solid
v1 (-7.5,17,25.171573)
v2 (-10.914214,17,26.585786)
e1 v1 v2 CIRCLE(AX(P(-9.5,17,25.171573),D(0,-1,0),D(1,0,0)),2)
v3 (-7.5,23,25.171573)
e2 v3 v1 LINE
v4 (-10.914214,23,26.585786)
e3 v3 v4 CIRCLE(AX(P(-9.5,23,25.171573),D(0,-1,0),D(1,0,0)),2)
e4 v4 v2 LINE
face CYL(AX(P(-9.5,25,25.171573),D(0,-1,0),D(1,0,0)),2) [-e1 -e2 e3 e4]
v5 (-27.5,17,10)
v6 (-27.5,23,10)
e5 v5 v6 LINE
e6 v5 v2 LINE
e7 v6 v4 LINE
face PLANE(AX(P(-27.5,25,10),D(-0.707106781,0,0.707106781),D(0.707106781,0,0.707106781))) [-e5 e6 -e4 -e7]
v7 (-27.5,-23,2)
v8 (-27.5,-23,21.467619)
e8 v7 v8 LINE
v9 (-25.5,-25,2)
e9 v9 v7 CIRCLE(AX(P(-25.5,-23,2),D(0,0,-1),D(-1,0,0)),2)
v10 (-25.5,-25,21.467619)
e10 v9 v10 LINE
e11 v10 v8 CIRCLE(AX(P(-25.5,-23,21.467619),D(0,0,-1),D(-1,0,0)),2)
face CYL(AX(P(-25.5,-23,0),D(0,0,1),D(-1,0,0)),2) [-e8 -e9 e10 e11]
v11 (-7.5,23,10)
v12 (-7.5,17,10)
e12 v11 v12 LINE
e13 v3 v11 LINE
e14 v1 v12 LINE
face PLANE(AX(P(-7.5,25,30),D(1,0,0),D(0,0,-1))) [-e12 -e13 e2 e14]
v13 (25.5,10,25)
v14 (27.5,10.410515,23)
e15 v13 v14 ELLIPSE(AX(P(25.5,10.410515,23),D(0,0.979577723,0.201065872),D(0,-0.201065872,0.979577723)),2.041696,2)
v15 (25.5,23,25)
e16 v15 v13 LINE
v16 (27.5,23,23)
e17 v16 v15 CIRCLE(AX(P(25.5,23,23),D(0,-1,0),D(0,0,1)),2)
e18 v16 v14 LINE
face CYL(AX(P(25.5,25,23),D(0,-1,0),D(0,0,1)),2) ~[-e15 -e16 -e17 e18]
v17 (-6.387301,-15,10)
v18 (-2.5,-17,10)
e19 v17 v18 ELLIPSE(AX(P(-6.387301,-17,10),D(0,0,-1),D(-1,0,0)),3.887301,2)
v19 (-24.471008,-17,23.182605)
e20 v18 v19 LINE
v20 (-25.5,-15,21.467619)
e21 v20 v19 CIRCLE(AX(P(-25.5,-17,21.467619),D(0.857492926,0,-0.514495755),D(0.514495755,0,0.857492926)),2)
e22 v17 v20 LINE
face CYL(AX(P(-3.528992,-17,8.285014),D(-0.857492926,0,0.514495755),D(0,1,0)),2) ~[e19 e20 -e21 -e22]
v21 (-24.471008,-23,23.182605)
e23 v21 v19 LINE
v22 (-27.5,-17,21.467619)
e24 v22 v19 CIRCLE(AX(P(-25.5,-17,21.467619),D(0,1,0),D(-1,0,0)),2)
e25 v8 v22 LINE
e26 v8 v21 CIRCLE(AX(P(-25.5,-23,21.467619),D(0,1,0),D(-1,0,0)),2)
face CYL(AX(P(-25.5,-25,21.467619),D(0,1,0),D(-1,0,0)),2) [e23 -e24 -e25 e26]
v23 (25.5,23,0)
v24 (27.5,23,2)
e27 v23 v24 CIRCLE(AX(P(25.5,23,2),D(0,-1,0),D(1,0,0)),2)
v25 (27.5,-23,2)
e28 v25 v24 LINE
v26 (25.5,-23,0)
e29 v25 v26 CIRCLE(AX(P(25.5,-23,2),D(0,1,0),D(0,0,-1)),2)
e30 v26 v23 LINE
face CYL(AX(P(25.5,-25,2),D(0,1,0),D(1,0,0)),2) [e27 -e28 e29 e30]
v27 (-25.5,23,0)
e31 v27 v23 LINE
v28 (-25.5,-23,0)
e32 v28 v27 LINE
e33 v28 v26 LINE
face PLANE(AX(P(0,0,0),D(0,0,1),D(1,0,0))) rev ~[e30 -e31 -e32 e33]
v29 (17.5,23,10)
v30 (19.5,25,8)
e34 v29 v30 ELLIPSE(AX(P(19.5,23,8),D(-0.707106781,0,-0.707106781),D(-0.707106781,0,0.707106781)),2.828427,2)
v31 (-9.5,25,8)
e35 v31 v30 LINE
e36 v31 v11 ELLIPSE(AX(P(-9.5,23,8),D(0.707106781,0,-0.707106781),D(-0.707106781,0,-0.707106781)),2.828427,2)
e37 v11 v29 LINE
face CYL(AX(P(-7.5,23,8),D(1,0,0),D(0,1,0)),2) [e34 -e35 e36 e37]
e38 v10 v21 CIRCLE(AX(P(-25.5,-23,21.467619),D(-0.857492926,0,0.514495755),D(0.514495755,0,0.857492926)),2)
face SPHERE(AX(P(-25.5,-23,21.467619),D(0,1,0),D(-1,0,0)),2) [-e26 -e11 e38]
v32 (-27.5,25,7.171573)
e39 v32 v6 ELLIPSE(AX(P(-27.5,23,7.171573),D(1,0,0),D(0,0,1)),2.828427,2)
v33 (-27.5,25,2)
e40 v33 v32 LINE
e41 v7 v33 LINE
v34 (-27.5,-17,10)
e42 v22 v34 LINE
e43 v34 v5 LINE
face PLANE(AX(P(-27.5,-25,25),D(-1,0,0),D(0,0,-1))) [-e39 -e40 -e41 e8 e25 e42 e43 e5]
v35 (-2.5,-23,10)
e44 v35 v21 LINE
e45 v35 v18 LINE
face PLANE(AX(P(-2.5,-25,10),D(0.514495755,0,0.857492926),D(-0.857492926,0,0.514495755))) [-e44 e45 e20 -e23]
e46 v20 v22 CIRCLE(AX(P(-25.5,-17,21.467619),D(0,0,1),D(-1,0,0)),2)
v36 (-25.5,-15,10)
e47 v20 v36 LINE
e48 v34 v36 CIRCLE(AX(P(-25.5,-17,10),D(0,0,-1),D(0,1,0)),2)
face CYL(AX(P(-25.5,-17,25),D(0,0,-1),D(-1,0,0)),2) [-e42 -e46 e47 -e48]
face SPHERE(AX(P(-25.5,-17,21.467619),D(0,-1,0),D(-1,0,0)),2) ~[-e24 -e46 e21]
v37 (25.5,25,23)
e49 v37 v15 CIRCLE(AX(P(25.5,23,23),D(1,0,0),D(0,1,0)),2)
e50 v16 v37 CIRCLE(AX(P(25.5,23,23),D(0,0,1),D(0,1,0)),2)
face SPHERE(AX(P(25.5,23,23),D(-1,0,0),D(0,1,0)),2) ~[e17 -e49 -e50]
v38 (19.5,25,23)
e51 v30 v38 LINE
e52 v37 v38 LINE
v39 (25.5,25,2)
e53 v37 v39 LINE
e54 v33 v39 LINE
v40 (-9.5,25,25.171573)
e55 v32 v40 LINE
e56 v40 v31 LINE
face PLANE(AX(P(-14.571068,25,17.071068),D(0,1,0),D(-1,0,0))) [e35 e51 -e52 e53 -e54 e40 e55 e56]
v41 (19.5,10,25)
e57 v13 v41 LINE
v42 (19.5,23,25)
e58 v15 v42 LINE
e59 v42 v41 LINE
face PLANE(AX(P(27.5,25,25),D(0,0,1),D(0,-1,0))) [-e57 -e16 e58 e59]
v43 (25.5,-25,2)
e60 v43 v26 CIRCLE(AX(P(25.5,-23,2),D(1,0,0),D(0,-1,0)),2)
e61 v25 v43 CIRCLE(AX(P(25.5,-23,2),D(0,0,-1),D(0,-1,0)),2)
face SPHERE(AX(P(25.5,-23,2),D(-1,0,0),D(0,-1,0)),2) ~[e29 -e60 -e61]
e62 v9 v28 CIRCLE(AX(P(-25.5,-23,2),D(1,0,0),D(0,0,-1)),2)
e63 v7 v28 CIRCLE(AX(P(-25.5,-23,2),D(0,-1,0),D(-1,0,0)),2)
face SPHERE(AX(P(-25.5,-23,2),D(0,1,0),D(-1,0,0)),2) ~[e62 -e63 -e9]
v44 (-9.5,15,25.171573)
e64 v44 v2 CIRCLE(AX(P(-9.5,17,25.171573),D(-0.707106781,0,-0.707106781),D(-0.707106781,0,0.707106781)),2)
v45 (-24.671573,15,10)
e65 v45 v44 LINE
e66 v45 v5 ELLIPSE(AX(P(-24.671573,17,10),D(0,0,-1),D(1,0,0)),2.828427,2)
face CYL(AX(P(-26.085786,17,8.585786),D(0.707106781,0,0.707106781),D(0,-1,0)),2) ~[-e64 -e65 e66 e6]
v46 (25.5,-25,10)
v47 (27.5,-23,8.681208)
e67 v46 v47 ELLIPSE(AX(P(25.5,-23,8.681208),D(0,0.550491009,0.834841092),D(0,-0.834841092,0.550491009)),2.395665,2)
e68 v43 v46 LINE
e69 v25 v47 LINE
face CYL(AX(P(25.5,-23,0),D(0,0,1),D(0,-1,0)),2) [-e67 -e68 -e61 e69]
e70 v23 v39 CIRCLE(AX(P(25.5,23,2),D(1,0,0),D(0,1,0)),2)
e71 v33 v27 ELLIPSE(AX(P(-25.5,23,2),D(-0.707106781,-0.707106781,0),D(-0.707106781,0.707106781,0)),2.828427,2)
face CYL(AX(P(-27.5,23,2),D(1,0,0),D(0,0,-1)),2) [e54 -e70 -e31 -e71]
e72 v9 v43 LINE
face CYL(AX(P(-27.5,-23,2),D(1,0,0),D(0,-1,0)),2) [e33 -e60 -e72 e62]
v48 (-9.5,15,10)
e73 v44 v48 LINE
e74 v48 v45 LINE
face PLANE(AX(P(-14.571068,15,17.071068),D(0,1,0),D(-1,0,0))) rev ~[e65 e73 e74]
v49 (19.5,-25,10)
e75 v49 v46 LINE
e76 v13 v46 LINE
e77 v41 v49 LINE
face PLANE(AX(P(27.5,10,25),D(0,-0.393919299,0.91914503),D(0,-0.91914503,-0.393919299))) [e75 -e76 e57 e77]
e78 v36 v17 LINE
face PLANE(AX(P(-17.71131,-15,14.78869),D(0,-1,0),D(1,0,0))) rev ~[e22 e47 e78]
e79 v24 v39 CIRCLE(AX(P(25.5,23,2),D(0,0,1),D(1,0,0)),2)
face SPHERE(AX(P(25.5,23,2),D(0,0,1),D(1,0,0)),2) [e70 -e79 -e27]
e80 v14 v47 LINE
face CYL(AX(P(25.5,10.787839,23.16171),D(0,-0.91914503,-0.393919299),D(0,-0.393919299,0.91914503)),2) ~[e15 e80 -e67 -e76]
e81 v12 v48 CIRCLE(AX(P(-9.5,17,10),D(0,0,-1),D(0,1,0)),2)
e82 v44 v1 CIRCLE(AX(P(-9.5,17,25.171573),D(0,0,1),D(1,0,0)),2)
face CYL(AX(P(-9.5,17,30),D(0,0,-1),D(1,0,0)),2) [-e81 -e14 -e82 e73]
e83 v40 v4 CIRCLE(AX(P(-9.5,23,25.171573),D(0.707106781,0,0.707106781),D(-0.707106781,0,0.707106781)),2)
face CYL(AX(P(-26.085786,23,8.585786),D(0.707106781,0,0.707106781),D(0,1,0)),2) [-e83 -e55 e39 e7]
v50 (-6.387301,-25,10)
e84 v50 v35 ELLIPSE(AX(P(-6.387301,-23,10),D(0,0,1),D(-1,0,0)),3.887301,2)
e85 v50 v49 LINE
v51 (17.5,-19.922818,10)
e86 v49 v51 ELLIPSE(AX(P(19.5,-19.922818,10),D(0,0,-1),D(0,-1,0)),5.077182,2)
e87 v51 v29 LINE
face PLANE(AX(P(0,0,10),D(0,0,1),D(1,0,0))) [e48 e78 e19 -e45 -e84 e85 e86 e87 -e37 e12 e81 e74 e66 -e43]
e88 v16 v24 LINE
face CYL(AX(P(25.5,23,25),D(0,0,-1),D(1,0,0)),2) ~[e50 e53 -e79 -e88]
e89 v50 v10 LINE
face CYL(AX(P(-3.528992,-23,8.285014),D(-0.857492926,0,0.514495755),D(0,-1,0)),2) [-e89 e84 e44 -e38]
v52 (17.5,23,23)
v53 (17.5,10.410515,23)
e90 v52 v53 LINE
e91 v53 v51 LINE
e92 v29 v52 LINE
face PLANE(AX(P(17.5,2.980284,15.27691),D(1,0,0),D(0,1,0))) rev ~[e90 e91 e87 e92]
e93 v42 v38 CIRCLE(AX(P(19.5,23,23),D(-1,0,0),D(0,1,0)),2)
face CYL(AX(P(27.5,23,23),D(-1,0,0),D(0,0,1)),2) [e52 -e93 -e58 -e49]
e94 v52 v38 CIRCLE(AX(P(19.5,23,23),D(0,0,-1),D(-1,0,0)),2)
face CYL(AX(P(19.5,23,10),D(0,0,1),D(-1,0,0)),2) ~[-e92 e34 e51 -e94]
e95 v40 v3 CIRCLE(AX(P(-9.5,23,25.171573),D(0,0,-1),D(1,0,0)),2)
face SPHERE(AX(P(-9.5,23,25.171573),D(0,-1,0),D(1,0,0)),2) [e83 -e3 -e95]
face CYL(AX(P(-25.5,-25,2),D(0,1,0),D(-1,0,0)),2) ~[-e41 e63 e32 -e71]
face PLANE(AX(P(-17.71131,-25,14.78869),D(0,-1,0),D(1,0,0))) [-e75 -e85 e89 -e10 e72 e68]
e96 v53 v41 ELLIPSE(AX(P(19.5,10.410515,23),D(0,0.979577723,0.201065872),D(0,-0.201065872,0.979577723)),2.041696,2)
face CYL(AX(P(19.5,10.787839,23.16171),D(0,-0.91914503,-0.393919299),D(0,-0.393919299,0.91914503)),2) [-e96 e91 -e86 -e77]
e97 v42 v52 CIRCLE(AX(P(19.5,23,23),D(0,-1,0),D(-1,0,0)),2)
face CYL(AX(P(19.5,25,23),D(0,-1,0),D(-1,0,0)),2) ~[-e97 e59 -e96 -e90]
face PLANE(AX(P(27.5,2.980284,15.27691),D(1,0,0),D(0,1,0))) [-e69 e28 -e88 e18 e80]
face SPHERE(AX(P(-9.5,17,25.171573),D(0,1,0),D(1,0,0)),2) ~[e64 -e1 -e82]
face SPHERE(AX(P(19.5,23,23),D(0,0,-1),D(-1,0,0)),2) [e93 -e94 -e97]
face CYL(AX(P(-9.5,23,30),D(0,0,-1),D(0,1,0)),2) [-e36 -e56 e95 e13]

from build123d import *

# Parameters (mm, degrees)
F0_W     = 55
F0_H     = 50
F1_DEPTH = 10
F5_DEPTH = 10
F6_DEPTH = 10
F7_DEPTH = 10
F8_R     = 2


with BuildPart() as f1:
    # F0 (on Top) → F1 (new body)
    with BuildSketch(Plane.XY):
        Rectangle(F0_W, F0_H)
    extrude(amount=F1_DEPTH)

    # F4 (on face) → F5 (join)
    with BuildSketch(Plane.YZ.offset(27.5)):
        Polygon((-25, 10), (25, 10), (25, 25), (10, 25), align=None)
    extrude(amount=-F5_DEPTH)

    # F3 (on face) → F6 (join)
    with BuildSketch(Plane(origin=(0, 25, 0), x_dir=(-1, 0, 0), z_dir=(0, 1, 0))):
        Polygon((7.5, 10), (27.5, 10), (7.5, 30), align=None)
    extrude(amount=-F6_DEPTH)

    # F2 (on face) → F7 (join)
    with BuildSketch(Plane.XZ.offset(25)):
        Polygon((-27.5, 25), (-27.5, 10), (-2.5, 10), align=None)
    extrude(amount=-F7_DEPTH)

    # F8
    f8_edges = [f1.edges().sort_by_distance(p)[0] for p in [
        (17.5, 25, 17.5),
        (17.5, 17.5, 25),
        (22.5, 25, 25),
        (27.5, 25, 12.5),
        (27.5, 17.5, 25),
        (17.5, -7.5, 17.5),
        (27.5, -7.5, 17.5),
        (-17.5, 25, 20),
        (-17.5, 15, 20),
        (-7.5, 20, 30),
        (-7.5, 25, 20),
        (5, 25, 10),
        (-7.5, 15, 20),
        (-27.5, 0, 0),
        (-27.5, -15, 17.5),
        (-15, -15, 17.5),
        (-27.5, -20, 25),
        (-27.5, -25, 12.5),
        (-15, -25, 17.5),
        (0, -25, 0),
        (27.5, -25, 5),
        (27.5, 0, 0),
        (0, 25, 0),
    ]]
    fillet(f8_edges, radius=F8_R)


solid = f1.part
